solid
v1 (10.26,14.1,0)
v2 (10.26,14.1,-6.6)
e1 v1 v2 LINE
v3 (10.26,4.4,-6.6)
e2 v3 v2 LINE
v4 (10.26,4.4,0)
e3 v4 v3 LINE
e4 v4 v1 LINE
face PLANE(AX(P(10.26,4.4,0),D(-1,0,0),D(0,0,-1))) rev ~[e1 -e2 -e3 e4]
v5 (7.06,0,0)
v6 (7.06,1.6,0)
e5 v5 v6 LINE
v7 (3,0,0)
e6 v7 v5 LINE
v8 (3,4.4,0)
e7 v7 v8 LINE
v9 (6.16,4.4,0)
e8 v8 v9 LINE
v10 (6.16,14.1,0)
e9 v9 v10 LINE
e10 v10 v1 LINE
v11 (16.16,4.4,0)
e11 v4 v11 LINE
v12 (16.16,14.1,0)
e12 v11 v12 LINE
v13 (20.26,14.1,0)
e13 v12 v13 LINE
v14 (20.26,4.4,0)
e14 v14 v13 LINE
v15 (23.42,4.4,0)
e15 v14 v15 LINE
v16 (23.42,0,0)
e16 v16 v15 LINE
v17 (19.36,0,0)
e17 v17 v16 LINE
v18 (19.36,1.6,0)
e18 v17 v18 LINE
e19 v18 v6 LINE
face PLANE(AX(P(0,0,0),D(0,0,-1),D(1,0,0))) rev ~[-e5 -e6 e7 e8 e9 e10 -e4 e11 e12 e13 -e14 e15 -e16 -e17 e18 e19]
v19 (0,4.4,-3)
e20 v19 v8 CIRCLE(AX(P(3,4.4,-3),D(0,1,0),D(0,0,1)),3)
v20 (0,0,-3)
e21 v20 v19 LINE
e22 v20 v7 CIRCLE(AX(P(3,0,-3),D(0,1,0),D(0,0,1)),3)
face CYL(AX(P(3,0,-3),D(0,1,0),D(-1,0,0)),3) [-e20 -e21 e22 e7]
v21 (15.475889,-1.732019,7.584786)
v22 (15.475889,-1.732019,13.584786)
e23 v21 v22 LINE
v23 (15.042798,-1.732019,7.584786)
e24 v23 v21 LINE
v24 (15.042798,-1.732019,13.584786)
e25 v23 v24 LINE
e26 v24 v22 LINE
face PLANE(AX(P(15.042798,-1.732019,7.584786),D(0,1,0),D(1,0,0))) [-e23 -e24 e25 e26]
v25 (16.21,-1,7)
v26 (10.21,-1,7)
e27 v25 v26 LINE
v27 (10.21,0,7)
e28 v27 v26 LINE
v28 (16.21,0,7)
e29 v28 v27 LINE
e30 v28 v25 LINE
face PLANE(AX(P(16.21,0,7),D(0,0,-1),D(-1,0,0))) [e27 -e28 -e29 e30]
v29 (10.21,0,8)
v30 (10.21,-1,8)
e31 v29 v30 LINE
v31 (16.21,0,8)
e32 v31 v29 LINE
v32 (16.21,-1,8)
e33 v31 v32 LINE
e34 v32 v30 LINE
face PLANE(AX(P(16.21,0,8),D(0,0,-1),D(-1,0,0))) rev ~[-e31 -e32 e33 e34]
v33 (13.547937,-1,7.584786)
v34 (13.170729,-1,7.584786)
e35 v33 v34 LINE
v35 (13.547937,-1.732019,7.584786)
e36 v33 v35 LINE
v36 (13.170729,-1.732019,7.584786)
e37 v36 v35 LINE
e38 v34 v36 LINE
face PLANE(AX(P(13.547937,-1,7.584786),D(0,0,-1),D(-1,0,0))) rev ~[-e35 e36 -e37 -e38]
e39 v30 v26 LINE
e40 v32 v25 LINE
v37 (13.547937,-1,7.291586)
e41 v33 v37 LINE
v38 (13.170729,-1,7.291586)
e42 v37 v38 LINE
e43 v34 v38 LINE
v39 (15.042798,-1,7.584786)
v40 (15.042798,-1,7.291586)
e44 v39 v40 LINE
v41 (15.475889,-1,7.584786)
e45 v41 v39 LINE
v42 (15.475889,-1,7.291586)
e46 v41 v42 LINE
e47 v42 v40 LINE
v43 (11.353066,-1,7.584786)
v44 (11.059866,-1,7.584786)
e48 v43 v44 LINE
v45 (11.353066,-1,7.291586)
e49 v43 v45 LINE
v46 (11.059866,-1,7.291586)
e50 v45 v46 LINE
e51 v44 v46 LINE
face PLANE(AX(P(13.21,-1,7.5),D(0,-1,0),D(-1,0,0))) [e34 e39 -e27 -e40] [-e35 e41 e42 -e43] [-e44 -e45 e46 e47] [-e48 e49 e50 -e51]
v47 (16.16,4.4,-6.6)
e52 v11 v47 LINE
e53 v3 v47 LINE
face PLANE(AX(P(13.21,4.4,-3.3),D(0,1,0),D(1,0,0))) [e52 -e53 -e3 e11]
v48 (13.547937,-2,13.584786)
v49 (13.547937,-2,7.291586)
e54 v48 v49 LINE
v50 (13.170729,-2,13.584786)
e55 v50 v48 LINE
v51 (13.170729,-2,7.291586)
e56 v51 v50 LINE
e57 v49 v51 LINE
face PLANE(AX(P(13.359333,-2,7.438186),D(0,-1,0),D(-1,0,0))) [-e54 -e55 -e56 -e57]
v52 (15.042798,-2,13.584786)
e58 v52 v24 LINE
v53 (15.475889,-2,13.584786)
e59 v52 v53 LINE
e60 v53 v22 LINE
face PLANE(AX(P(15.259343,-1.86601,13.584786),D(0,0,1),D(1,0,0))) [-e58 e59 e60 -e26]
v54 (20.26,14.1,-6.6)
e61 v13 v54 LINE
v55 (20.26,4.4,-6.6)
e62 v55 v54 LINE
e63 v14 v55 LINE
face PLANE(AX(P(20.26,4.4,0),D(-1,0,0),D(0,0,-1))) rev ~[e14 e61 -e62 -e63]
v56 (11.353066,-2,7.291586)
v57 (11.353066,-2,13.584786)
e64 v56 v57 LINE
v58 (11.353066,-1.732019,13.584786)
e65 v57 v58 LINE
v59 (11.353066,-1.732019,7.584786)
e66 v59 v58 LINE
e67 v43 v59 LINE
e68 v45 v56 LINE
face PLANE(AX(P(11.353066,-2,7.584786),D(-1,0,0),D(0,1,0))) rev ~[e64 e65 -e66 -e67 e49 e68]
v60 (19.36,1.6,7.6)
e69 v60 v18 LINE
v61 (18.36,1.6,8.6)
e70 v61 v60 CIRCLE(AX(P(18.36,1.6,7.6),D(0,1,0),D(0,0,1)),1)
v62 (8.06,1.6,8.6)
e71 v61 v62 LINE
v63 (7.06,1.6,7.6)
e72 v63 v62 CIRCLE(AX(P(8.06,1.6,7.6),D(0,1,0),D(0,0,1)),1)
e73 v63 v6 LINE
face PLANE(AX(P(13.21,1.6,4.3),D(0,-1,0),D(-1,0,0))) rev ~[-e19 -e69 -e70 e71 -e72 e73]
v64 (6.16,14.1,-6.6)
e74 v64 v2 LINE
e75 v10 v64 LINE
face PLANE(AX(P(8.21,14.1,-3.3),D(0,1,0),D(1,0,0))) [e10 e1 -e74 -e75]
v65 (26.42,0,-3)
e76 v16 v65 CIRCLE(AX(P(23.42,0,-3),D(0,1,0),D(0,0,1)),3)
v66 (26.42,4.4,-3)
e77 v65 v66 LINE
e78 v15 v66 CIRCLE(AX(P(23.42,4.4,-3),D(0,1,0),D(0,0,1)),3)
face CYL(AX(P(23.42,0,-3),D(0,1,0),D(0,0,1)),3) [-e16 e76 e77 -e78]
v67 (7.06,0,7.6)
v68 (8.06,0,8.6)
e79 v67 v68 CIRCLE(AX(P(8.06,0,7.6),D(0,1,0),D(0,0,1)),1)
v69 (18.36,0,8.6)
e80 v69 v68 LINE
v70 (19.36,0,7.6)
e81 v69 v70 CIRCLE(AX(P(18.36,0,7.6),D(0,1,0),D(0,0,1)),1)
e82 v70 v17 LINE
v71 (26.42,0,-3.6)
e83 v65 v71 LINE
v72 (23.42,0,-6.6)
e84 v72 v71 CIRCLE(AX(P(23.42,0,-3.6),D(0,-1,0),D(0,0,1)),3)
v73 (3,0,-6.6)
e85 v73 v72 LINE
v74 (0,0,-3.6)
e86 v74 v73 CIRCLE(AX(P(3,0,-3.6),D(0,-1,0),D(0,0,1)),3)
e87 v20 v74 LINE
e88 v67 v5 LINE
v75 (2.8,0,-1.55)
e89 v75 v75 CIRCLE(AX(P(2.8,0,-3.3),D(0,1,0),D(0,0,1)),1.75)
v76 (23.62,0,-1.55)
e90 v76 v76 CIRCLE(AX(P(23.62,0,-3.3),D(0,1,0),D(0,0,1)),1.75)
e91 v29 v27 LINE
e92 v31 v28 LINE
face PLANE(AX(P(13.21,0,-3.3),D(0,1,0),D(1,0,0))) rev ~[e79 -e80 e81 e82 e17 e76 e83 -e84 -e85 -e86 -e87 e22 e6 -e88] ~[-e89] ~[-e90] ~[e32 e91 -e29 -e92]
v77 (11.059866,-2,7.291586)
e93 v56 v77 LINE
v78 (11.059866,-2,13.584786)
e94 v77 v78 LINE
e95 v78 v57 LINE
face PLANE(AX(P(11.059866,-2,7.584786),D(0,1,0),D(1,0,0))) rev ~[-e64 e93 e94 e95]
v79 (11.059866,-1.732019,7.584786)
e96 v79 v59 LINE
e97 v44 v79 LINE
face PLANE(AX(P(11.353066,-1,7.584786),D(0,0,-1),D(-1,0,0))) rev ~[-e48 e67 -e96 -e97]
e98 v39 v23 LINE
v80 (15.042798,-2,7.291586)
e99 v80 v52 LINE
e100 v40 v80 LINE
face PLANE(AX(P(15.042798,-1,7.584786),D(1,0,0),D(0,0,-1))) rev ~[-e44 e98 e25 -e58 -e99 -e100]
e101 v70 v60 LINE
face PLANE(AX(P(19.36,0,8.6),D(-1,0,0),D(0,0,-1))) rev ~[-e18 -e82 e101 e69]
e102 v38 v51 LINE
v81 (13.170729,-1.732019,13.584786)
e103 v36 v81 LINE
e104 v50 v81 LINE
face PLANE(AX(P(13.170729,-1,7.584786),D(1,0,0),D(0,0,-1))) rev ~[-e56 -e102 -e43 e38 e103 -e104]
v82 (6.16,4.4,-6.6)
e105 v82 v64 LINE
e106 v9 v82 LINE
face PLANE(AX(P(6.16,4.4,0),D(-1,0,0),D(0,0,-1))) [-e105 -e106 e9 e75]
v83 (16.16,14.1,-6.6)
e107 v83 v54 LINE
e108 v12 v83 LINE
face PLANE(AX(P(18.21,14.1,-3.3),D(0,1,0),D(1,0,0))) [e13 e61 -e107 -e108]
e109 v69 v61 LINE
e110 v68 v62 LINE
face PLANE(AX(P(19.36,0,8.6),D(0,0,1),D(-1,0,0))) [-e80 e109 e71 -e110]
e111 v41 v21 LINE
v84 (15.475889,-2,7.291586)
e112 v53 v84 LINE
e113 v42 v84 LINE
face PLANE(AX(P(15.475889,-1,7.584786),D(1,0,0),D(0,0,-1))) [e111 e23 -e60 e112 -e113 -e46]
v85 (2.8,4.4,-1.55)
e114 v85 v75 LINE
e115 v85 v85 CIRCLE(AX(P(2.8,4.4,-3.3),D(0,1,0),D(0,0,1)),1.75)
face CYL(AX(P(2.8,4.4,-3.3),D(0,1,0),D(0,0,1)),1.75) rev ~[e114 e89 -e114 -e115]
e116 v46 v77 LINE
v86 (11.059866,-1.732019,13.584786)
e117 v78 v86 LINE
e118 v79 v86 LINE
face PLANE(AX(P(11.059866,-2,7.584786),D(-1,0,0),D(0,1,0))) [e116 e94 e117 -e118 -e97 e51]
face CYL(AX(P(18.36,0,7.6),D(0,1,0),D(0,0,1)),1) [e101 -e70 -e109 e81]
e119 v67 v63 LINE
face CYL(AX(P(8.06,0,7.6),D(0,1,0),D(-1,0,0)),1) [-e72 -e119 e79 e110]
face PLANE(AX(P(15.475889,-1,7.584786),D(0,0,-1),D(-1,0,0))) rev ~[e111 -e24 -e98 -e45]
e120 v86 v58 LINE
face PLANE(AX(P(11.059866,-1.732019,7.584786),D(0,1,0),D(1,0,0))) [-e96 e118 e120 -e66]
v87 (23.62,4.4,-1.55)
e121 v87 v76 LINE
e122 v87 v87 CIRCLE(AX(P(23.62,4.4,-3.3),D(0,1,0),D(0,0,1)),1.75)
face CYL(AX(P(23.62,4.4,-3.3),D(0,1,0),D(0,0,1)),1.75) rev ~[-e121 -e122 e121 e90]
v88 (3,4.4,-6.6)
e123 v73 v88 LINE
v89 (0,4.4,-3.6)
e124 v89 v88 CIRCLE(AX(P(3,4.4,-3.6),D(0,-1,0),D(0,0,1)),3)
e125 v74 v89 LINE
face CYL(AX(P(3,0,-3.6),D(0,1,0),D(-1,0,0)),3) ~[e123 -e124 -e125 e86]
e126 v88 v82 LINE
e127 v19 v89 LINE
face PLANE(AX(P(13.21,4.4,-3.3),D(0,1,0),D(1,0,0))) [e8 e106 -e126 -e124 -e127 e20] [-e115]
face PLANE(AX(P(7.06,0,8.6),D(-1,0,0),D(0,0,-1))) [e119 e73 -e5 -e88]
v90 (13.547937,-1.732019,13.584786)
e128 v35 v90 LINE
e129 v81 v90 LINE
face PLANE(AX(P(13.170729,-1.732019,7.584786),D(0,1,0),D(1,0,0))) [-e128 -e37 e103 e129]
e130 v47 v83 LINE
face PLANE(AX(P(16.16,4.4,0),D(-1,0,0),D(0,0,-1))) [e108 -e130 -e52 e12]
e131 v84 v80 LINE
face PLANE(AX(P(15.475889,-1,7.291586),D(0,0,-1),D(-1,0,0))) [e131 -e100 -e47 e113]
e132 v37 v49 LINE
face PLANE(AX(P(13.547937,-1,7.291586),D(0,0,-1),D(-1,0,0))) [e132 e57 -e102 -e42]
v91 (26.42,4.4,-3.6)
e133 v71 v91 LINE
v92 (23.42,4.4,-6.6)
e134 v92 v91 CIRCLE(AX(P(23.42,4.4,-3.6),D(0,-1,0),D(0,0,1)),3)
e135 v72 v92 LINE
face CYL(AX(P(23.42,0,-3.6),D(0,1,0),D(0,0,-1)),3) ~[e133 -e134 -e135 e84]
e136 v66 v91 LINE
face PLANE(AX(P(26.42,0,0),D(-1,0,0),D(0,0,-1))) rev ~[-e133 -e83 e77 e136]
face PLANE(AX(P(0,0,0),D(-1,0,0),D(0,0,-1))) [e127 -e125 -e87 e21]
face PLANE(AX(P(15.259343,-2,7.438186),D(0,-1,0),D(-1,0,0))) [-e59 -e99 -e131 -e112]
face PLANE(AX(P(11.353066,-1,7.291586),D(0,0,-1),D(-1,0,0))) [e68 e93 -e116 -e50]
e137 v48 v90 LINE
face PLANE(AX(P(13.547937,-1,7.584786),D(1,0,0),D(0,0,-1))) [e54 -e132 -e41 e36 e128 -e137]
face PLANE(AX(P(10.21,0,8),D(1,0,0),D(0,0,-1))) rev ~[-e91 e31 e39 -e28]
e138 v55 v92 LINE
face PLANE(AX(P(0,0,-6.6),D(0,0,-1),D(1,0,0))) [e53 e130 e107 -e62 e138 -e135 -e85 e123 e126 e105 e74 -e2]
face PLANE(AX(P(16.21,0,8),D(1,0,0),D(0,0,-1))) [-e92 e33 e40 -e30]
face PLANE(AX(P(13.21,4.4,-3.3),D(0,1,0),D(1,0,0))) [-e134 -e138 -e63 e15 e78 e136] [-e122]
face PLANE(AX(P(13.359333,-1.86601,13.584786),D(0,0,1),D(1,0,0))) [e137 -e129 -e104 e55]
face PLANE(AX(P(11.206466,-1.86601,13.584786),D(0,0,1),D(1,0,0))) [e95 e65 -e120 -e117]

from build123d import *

# Parameters (mm, degrees)
SKETCH_1_W          = 26.42
SKETCH_1_H          = 6.6
EXTRUDE_1_DEPTH     = 4.4
SKETCH_2_W          = 12.3
SKETCH_2_H          = 8.6
EXTRUDE_2_DEPTH     = 1.6
SKETCH_3_W          = 4.1
SKETCH_3_H          = 6.6
EXTRUDE_3_DEPTH     = 9.7
FILLET_1_R          = 3
FILLET_2_R          = 1
SKETCH_4_W          = 6
SKETCH_4_H          = 1
EXTRUDE_4_DEPTH     = 1
SKETCH_5_W          = 0.293200104
SKETCH_5_H          = 0.293200104
SKETCH_5_W_2        = 0.377208019
SKETCH_5_W_3        = 0.433090687
EXTRUDE_5_DEPTH     = 1
SKETCH_6_W          = 0.293200104
SKETCH_6_H          = 0.267980564
SKETCH_6_W_2        = 0.377208019
SKETCH_6_W_3        = 0.433090687
EXTRUDE_6_DEPTH     = 6
SKETCH_7_R          = 1.75
CUT_EXTRUDE_1_DEPTH = 6


with BuildPart() as part:
    # 草图1 → 凸台-拉伸1 (new body)
    with BuildSketch(Plane(origin=(0, 0, 0), x_dir=(1, 0, 0), z_dir=(0, 1, 0))):
        with Locations((13.21, 3.3)):
            Rectangle(SKETCH_1_W, SKETCH_1_H)
    extrude(amount=EXTRUDE_1_DEPTH)

    # 草图2 → 凸台-拉伸2 (add)
    with BuildSketch(Plane(origin=(0, 0, 0), x_dir=(-1, 0, 0), z_dir=(0, -1, 0))):
        with Locations((-13.21, -4.3)):
            Rectangle(SKETCH_2_W, SKETCH_2_H)
    extrude(amount=-EXTRUDE_2_DEPTH)

    # 草图3 → 凸台-拉伸3 (add)
    with BuildSketch(Plane(origin=(0, 4.4, 0), x_dir=(1, 0, 0), z_dir=(0, 1, 0))):
        with Locations((8.21, 3.3)):
            Rectangle(SKETCH_3_W, SKETCH_3_H)
        with Locations((18.21, 3.3)):
            Rectangle(SKETCH_3_W, SKETCH_3_H)
    extrude(amount=EXTRUDE_3_DEPTH)

    # 圆角1
    fillet_1_edges = [part.edges().sort_by_distance(p)[0] for p in [
        (0, 2.2, -6.6),
        (26.42, 2.2, -6.6),
        (26.42, 2.2, 0),
        (0, 2.2, 0),
    ]]
    fillet(fillet_1_edges, radius=FILLET_1_R)

    # 圆角2
    fillet_2_edges = [part.edges().sort_by_distance(p)[0] for p in [
        (7.06, 0.8, 8.6),
        (19.36, 0.8, 8.6),
    ]]
    fillet(fillet_2_edges, radius=FILLET_2_R)

    # 草图4 → 凸台-拉伸4 (add)
    with BuildSketch(Plane(origin=(0, 0, 0), x_dir=(-1, 0, 0), z_dir=(0, -1, 0))):
        with Locations((-13.21, -7.5)):
            Rectangle(SKETCH_4_W, SKETCH_4_H)
    extrude(amount=EXTRUDE_4_DEPTH)

    # 草图5 → 凸台-拉伸5 (add)
    with BuildSketch(Plane(origin=(0, -1, 0), x_dir=(-1, 0, 0), z_dir=(0, -1, 0))):
        with Locations((-11.206465954, -7.438185624)):
            Rectangle(SKETCH_5_W, SKETCH_5_H)
        with Locations((-13.359332723, -7.438185624)):
            Rectangle(SKETCH_5_W_2, SKETCH_5_H)
        with Locations((-15.259343482, -7.438185624)):
            Rectangle(SKETCH_5_W_3, SKETCH_5_H)
    extrude(amount=EXTRUDE_5_DEPTH)

    # 草图6 → 凸台-拉伸6 (add)
    with BuildSketch(Plane.XY.offset(7.584785676)):
        with Locations((11.206465954, -1.866009718)):
            Rectangle(SKETCH_6_W, SKETCH_6_H)
        with Locations((13.359332723, -1.866009718)):
            Rectangle(SKETCH_6_W_2, SKETCH_6_H)
        with Locations((15.259343482, -1.866009718)):
            Rectangle(SKETCH_6_W_3, SKETCH_6_H)
    extrude(amount=EXTRUDE_6_DEPTH)

    # 草图7 → 切除-拉伸1 (cut)
    with BuildSketch(Plane(origin=(0, 4.4, 0), x_dir=(1, 0, 0), z_dir=(0, 1, 0))):
        with Locations(Location((2.8, 3.3, 0), (0, 0, 270))):
            Circle(SKETCH_7_R)
        with Locations(Location((23.62, 3.3, 0), (0, 0, 270))):
            Circle(SKETCH_7_R)
    extrude(amount=-CUT_EXTRUDE_1_DEPTH, mode=Mode.SUBTRACT)


solid = part.part
